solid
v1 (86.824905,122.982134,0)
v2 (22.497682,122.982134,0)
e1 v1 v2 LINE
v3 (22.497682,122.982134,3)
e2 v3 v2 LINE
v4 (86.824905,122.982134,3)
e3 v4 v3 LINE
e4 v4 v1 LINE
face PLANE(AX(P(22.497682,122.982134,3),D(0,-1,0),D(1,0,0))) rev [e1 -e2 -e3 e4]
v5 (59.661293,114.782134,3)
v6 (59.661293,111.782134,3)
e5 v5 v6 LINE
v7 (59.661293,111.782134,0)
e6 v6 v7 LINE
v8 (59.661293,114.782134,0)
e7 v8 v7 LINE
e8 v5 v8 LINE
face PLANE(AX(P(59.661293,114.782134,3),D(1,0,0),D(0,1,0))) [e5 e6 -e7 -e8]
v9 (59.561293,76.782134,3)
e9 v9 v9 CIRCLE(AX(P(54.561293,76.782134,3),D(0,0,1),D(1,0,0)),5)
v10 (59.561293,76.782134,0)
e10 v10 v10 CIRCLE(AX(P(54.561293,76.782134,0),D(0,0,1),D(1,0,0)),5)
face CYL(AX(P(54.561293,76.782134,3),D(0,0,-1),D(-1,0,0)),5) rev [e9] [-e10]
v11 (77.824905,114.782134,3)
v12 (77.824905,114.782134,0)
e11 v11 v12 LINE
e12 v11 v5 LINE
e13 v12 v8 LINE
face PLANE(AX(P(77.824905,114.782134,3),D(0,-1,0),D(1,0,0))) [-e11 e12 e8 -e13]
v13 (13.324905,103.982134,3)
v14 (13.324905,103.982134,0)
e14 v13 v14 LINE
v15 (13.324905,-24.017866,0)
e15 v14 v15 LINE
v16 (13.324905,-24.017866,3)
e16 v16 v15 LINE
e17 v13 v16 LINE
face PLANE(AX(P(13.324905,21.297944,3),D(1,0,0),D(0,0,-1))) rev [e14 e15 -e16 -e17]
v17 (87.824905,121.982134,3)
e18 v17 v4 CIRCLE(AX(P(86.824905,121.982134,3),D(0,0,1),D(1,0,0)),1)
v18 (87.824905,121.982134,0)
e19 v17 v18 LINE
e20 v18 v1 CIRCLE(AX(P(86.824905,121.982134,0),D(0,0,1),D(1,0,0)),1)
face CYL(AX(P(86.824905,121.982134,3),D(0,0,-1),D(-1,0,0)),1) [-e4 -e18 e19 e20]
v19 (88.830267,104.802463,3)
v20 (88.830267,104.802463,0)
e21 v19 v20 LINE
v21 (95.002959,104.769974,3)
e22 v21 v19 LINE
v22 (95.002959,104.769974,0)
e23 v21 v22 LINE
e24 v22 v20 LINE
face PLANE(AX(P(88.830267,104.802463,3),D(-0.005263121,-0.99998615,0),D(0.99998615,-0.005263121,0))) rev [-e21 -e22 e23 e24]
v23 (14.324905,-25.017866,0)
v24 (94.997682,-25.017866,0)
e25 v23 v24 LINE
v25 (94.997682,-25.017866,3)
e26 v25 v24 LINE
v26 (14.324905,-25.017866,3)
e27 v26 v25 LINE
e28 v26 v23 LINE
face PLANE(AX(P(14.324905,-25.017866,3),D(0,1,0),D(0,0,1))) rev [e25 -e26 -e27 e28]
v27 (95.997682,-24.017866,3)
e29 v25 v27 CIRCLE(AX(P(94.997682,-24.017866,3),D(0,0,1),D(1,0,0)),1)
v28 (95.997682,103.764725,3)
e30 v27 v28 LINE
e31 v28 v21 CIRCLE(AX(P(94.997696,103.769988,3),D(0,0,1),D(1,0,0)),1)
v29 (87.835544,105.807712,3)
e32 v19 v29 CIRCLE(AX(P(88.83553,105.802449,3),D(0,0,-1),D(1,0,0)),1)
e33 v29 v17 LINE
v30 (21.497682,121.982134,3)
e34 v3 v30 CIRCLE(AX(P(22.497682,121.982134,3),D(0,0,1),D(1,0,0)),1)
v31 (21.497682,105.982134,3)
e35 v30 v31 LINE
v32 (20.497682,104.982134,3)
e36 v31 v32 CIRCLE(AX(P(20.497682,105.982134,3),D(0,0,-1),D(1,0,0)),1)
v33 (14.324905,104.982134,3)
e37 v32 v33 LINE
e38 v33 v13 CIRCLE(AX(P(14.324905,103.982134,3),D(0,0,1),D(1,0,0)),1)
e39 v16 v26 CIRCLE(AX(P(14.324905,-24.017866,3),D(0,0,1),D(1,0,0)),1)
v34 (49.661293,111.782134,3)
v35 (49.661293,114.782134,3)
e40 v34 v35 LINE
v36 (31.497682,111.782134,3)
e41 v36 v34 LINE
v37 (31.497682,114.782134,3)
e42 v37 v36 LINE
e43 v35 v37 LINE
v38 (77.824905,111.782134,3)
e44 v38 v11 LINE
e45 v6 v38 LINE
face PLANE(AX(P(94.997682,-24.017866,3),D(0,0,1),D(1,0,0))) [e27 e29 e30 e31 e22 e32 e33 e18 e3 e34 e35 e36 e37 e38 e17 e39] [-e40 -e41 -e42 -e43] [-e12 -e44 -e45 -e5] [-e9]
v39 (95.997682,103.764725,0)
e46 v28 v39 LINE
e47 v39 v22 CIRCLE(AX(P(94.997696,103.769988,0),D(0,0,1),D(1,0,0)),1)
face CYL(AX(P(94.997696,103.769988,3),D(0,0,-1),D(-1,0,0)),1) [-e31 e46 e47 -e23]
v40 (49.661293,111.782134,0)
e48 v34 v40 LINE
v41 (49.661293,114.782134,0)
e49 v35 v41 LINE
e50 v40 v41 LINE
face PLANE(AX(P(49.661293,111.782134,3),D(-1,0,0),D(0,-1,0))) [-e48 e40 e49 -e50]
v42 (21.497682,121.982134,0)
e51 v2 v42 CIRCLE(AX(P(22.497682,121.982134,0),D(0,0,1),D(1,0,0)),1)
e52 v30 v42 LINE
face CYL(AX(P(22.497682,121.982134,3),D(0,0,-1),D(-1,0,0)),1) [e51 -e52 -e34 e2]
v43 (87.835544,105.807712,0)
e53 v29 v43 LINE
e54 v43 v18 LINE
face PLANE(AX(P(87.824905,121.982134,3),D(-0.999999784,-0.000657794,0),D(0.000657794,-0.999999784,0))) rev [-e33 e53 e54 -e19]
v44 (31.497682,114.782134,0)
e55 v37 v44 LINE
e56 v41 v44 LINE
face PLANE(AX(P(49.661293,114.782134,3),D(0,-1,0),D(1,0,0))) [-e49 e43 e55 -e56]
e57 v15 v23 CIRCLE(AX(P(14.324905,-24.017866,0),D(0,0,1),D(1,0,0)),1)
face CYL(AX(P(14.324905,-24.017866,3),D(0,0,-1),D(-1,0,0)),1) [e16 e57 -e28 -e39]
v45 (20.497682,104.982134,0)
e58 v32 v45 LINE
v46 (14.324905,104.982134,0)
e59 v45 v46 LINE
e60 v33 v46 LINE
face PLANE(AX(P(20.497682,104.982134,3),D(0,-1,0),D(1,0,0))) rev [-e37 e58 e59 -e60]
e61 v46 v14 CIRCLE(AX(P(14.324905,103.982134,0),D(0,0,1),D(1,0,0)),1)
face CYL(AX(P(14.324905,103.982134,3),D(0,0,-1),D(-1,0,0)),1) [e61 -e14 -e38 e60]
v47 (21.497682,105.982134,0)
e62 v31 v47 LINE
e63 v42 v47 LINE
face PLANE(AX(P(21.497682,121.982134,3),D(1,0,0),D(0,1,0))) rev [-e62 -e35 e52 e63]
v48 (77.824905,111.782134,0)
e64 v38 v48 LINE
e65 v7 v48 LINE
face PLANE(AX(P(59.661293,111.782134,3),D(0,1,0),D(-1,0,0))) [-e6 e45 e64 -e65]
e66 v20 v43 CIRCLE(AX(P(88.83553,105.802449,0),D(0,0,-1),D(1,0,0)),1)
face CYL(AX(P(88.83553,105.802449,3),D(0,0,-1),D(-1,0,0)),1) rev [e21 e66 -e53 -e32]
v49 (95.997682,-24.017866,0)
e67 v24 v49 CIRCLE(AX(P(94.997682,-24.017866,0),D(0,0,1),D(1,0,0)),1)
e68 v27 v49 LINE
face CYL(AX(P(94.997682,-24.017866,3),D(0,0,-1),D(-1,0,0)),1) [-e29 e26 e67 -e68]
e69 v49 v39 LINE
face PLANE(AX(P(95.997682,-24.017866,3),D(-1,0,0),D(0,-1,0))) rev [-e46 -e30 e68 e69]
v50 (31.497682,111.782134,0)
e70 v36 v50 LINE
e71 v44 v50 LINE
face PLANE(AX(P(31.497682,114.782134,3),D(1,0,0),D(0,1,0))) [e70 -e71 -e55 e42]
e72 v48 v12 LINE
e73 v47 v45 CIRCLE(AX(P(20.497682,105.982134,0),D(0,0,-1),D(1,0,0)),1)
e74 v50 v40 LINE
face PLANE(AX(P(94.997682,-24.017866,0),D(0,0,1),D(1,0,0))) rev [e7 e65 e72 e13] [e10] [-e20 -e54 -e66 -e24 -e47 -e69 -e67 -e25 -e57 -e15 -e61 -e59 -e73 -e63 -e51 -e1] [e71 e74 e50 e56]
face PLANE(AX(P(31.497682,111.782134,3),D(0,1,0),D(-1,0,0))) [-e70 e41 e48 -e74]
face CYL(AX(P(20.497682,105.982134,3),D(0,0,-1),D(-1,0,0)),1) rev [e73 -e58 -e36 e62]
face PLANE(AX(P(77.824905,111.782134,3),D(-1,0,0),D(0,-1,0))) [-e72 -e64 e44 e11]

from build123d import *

# Parameters (mm, degrees)
MODEL_R                 = 5
MODEL_W                 = 18.163611367
MODEL_H                 = 3
MODEL_W_2               = 18.163611368
SALIENTE_EXTRUIR1_DEPTH = 3


with BuildPart() as part:
    # Model → Saliente-Extruir1 (new body)
    with BuildSketch(Plane.XY):
        with BuildLine():
            Line((95.99768192, -24.017865973), (95.99768192, 103.764725177))
            ThreePointArc((95.99768192, 103.764725177), (95.708514347, 104.473363697), (95.002958892, 104.769974448))
            Line((95.002958892, 104.769974448), (88.830267122, 104.802462525))
            ThreePointArc((88.830267122, 104.802462525), (88.124711667, 105.099073276), (87.835544094, 105.807711796))
            Line((87.835544094, 105.807711796), (87.824904655, 121.982134027))
            ThreePointArc((87.824904655, 121.982134027), (87.532011436, 122.689240808), (86.824904655, 122.982134027))
            Line((86.824904655, 122.982134027), (22.49768192, 122.982134027))
            ThreePointArc((22.49768192, 122.982134027), (21.790575139, 122.689240808), (21.49768192, 121.982134027))
            Line((21.49768192, 121.982134027), (21.49768192, 105.982134027))
            ThreePointArc((21.49768192, 105.982134027), (21.204788701, 105.275027246), (20.49768192, 104.982134027))
            Line((20.49768192, 104.982134027), (14.324904655, 104.982134027))
            ThreePointArc((14.324904655, 104.982134027), (13.617797874, 104.689240808), (13.324904655, 103.982134027))
            Line((13.324904655, 103.982134027), (13.324904655, 59.982134027))
            Line((13.324904655, 59.982134027), (13.324904655, 53.982134027))
            Line((13.324904655, 53.982134027), (13.324904655, 21.297944303))
            Line((13.324904655, 21.297944303), (13.324904655, -24.017865973))
            ThreePointArc((13.324904655, -24.017865973), (13.617797874, -24.724972754), (14.324904655, -25.017865973))
            Line((14.324904655, -25.017865973), (94.99768192, -25.017865973))
            ThreePointArc((94.99768192, -25.017865973), (95.704788701, -24.724972754), (95.99768192, -24.017865973))
        make_face()
        with Locations((54.561293288, 76.782134027)):
            Circle(MODEL_R, mode=Mode.SUBTRACT)
        with Locations((68.743098972, 113.282134027)):
            Rectangle(MODEL_W, MODEL_H, mode=Mode.SUBTRACT)
        with Locations((40.579487604, 113.282134027)):
            Rectangle(MODEL_W_2, MODEL_H, mode=Mode.SUBTRACT)
    extrude(amount=SALIENTE_EXTRUIR1_DEPTH)


solid = part.part
